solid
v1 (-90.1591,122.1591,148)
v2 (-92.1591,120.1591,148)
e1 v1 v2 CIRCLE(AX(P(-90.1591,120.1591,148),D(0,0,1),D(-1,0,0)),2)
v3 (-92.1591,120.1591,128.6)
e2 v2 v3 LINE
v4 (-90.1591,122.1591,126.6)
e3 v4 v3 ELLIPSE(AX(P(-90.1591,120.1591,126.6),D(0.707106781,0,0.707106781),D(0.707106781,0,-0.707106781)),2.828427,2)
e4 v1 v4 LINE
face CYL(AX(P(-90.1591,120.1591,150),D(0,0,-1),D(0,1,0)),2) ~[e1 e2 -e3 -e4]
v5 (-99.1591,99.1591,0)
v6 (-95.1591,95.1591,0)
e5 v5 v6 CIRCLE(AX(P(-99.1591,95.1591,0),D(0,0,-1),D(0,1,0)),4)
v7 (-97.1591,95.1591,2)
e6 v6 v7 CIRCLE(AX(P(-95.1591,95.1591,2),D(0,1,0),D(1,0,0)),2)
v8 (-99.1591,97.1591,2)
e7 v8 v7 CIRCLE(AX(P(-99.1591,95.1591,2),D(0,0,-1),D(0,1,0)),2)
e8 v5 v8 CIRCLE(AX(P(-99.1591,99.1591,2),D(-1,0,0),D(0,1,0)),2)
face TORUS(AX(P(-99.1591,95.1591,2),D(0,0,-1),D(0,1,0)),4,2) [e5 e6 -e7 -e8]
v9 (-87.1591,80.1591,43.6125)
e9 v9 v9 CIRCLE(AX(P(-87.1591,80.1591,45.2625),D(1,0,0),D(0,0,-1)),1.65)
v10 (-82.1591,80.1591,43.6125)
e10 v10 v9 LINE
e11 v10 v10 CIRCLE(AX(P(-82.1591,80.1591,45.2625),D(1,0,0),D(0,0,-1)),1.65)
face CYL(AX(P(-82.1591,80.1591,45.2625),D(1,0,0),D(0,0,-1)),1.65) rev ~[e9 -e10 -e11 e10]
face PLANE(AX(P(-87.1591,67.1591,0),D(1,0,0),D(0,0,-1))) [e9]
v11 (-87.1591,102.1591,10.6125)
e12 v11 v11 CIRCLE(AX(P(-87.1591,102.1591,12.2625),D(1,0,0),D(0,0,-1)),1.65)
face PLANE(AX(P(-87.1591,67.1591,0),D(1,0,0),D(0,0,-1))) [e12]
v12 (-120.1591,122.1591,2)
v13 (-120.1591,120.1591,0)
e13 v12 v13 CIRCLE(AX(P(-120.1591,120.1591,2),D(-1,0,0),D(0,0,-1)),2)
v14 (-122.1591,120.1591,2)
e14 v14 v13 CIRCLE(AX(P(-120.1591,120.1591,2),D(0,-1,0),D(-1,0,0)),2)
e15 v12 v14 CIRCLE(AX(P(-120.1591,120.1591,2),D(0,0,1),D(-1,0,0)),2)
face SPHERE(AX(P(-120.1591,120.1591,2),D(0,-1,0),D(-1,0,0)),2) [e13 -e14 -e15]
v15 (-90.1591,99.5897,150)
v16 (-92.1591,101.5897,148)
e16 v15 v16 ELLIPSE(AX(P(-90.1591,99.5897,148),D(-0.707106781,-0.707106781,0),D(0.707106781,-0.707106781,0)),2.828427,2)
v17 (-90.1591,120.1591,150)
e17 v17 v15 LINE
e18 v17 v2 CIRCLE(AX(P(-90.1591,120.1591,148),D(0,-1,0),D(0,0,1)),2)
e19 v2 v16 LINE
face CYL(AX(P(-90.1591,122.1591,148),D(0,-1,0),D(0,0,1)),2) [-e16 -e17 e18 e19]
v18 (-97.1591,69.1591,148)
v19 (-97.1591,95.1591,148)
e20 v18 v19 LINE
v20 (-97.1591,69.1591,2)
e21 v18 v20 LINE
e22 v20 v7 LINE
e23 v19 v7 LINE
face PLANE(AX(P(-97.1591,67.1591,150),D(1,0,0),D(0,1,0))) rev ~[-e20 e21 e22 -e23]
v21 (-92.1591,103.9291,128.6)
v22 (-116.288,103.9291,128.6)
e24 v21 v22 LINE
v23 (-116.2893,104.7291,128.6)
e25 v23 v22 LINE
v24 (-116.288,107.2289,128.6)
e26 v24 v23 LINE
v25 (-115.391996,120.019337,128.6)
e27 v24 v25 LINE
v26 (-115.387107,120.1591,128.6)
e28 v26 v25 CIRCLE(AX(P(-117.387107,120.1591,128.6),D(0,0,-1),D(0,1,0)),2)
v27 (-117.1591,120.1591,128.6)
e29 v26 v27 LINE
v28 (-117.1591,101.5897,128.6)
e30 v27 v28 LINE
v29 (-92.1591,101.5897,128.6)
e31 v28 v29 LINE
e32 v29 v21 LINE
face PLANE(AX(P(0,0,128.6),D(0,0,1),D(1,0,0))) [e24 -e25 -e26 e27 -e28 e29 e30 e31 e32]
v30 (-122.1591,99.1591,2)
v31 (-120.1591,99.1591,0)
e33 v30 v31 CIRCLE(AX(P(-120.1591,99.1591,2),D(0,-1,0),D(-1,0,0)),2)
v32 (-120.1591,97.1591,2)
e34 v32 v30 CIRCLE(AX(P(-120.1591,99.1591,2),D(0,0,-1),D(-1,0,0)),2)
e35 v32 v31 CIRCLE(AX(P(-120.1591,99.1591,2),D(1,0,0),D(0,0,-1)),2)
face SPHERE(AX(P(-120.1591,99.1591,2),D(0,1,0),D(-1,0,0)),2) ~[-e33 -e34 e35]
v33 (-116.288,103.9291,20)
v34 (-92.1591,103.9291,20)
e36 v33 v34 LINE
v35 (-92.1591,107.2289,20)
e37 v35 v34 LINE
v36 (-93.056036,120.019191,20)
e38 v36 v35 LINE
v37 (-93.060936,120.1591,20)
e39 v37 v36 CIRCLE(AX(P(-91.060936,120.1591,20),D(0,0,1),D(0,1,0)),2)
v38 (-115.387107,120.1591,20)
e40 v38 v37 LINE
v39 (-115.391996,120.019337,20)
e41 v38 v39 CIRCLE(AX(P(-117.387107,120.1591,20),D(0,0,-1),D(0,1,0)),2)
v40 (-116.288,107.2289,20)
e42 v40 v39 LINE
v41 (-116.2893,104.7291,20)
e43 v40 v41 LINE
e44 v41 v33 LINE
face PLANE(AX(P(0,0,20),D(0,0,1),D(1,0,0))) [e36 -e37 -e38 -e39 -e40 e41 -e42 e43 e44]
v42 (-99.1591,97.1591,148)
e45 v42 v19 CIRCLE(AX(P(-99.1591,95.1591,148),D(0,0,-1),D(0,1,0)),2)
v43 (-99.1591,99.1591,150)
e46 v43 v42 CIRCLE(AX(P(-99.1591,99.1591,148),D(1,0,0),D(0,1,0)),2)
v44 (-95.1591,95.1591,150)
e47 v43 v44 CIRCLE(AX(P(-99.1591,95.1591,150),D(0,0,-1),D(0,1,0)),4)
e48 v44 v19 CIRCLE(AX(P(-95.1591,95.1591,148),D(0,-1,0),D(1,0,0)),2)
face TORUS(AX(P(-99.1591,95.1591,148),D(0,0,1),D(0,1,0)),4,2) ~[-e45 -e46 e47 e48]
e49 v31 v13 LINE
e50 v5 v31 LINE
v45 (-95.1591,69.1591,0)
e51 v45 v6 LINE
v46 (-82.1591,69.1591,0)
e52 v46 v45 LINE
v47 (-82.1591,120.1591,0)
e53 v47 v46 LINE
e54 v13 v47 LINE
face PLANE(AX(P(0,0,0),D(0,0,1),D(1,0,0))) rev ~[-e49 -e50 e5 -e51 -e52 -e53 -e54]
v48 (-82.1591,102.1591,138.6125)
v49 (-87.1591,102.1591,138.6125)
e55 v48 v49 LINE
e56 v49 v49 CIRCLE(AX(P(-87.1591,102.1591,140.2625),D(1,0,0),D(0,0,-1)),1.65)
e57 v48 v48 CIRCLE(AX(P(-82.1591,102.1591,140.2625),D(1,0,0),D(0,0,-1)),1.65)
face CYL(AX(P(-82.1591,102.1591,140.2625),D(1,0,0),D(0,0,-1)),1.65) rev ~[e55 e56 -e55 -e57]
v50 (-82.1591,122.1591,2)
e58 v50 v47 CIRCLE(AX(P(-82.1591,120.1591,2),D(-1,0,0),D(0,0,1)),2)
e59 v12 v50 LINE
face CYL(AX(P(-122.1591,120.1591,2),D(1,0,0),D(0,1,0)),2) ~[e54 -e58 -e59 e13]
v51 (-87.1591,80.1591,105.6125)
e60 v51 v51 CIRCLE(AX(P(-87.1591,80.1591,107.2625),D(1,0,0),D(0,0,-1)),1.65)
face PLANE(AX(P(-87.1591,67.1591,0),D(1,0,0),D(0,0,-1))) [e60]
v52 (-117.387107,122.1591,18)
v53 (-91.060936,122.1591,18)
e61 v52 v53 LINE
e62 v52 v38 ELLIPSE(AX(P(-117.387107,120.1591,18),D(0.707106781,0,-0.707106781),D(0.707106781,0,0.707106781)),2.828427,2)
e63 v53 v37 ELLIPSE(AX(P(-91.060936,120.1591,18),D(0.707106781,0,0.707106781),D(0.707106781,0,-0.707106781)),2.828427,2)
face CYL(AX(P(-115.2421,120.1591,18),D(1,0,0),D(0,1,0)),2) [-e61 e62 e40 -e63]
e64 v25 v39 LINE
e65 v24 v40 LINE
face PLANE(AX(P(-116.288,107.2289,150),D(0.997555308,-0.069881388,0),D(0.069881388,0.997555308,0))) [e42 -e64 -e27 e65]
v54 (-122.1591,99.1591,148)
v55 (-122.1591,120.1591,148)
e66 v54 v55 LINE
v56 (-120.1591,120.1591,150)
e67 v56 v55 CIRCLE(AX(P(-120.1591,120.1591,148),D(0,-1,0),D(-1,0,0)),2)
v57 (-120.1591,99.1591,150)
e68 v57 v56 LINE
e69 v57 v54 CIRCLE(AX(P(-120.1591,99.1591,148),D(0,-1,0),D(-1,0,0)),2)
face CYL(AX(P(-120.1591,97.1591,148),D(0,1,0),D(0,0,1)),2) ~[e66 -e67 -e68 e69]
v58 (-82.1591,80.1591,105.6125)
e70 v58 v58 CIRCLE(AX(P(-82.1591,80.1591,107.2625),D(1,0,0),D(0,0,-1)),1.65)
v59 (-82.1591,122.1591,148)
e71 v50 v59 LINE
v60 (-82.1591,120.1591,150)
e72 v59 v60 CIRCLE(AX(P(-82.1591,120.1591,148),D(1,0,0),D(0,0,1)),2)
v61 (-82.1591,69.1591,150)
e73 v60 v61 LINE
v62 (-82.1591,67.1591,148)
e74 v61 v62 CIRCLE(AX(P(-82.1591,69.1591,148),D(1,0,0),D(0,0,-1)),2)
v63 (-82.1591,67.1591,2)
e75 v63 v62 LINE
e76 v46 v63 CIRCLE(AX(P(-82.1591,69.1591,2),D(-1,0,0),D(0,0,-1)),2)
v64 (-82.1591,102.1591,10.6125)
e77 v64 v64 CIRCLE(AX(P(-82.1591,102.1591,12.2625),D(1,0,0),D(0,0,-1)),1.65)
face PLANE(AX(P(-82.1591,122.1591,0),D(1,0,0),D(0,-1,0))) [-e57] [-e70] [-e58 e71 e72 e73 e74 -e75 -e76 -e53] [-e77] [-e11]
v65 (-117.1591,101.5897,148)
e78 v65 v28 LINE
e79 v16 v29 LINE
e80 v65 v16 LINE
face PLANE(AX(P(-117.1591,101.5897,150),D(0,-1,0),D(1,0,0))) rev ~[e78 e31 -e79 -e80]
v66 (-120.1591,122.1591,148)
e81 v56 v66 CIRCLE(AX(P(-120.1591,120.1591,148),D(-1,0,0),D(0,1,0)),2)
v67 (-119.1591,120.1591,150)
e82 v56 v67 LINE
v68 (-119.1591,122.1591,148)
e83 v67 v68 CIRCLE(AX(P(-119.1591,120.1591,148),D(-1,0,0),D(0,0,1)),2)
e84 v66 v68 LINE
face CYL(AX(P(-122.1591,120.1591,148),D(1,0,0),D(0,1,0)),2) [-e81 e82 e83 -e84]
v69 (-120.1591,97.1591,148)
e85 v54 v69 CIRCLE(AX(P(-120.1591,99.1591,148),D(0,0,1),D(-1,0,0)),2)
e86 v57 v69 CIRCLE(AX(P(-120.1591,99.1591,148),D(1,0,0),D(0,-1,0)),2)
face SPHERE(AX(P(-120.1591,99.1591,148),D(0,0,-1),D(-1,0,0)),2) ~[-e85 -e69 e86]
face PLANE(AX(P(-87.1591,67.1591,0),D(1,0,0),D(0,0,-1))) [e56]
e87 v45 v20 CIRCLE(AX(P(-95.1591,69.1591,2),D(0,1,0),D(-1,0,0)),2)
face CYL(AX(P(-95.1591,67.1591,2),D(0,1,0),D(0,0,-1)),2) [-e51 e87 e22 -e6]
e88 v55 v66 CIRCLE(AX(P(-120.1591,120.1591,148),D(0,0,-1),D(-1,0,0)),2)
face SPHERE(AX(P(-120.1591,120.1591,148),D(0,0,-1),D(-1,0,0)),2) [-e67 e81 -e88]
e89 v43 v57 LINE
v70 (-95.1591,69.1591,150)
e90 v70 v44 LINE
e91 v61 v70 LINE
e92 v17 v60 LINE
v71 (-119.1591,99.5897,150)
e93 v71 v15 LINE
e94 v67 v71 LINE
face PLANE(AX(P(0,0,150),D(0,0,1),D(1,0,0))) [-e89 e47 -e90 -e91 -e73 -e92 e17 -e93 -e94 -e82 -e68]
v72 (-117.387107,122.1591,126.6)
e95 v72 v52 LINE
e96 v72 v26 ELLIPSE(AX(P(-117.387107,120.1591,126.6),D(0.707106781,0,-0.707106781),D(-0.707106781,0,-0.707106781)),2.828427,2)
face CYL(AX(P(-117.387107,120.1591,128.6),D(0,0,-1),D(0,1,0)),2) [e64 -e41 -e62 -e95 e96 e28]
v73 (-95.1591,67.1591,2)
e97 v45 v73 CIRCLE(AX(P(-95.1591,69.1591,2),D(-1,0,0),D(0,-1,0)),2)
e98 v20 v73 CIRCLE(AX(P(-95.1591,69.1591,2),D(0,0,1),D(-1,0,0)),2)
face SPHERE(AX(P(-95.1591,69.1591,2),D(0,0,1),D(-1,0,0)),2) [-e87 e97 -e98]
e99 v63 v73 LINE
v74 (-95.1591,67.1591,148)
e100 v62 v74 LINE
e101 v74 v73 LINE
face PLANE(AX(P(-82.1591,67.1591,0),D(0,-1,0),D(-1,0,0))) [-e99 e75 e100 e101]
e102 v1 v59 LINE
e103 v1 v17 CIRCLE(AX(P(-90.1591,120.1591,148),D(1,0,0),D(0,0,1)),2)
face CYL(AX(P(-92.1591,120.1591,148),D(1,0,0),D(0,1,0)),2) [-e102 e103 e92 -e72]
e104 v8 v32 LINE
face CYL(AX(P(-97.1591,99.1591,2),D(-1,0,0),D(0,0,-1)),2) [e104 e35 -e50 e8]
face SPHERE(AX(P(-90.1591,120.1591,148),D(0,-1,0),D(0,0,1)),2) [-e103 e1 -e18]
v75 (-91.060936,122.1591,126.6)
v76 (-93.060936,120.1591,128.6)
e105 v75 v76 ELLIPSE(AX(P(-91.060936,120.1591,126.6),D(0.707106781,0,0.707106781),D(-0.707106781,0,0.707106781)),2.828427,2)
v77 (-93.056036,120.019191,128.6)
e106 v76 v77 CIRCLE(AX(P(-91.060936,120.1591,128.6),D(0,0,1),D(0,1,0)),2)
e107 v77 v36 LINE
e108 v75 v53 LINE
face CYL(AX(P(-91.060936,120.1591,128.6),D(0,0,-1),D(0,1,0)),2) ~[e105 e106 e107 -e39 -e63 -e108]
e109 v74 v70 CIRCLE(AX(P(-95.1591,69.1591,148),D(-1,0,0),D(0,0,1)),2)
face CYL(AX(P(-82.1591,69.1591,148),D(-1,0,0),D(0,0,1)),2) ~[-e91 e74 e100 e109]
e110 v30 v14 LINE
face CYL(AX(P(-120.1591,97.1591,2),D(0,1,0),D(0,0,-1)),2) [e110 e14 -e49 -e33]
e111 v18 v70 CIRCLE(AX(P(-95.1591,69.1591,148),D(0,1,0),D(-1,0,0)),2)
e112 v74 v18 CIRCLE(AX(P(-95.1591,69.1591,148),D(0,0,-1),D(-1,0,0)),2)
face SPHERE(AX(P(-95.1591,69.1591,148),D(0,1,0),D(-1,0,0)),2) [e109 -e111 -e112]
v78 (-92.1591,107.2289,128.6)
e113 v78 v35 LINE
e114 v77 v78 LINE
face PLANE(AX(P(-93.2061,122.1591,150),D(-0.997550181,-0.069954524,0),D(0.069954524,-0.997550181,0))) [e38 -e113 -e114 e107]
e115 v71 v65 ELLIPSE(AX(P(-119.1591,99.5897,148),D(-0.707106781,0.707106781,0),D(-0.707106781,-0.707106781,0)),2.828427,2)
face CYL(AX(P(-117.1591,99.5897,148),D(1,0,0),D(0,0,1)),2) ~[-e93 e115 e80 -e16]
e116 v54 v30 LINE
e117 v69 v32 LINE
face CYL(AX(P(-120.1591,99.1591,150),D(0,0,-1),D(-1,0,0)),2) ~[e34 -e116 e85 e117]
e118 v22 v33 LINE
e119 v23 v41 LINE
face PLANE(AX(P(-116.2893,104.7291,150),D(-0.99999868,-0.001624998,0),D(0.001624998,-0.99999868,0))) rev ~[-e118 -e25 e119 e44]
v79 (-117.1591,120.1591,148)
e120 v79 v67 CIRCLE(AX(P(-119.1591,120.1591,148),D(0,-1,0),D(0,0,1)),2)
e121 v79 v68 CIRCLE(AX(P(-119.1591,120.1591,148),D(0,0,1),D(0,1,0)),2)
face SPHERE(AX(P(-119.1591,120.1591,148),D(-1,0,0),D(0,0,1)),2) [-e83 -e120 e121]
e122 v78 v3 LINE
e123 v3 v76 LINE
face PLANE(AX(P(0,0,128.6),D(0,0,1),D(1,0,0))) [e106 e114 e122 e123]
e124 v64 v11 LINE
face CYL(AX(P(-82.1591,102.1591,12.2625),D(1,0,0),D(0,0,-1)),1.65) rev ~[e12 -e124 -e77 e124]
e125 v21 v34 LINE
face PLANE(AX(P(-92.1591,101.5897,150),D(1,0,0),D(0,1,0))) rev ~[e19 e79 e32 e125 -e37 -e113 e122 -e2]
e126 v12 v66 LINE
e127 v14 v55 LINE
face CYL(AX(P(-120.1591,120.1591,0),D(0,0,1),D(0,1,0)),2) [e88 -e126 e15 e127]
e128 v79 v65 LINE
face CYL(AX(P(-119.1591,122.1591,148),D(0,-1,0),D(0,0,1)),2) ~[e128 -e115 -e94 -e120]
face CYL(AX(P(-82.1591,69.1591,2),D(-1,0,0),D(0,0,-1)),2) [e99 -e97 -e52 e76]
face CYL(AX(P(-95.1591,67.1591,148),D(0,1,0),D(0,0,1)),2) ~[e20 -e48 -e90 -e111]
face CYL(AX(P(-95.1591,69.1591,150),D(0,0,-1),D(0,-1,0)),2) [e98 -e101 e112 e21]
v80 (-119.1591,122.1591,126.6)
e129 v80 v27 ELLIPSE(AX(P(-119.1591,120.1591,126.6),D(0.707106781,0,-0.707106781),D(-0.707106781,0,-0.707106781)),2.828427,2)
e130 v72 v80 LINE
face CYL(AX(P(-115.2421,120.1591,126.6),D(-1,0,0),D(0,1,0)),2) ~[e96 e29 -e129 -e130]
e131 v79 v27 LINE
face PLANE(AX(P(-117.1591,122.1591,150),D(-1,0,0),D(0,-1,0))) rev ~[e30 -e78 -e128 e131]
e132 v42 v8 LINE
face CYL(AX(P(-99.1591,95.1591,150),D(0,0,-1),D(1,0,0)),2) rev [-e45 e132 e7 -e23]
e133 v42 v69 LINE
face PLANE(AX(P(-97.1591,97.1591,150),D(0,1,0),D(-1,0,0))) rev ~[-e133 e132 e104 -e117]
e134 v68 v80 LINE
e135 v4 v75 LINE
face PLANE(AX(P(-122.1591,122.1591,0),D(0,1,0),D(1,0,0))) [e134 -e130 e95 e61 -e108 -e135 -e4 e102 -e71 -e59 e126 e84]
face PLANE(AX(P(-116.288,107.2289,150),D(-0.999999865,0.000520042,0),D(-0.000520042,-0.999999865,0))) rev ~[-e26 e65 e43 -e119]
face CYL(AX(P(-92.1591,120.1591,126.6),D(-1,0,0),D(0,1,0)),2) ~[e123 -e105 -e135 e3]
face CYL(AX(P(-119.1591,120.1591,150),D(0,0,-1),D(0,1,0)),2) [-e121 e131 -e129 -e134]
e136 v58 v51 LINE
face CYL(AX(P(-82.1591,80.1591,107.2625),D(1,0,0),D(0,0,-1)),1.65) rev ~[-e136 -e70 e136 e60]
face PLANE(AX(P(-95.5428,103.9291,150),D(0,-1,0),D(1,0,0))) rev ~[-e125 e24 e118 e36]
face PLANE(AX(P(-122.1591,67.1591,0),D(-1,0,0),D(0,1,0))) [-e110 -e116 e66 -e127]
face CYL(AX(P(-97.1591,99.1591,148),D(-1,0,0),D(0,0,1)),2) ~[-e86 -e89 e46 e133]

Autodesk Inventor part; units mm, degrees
ref_plane "YZ Plane" through (0, 0, 0) normal (1, 0, 0) x (0, 1, 0)
ref_plane "XZ Plane" through (0, 0, 0) normal (0, 1, 0) x (-1, 0, 0)
ref_plane "XY Plane" through (0, 0, 0) normal (0, 0, 1) x (1, 0, 0)
sketch "スケッチ1" plane through (0, 0, 0) normal (0, 0, 1) x (1, 0, 0)
  line L0 (-122.1591, 122.1591) -> (-82.1591, 122.1591)
  line L1 (-82.1591, 122.1591) -> (-82.1591, 67.1591)
  line L2 (-82.1591, 67.1591) -> (-122.1591, 67.1591)
  line L3 (-122.1591, 67.1591) -> (-122.1591, 122.1591)
  point P0 (0, 0)
  dimension "d0" = 40
  dimension "d1" = 55
extrude "押し出し1" add sketch "スケッチ1" along normal blind 150
sketch "スケッチ4" plane through (0, 0, 150) normal (0, 0, 1) x (1, 0, 0)
  line L0 (-82.1591, 122.1591) -> (-122.1591, 122.1591) projected
  line L1 (-117.1591, 101.5897) -> (-92.1591, 101.5897)
  line L2 (-92.1591, 101.5897) -> (-92.1591, 122.1591)
  line L3 (-92.1591, 122.1591) -> (-117.1591, 122.1591)
  line L4 (-117.1591, 122.1591) -> (-117.1591, 101.5897)
  line L5 (-82.1591, 67.1591) -> (-82.1591, 122.1591) projected
  point P0 (0, 0)
  dimension "d4" = 10
  dimension "d5" = 25
extrude "押し出し2" cut sketch "スケッチ4" against normal blind 21.4
sketch "スケッチ5" plane through (0, 0, 150) normal (0, 0, 1) x (1, 0, 0)
  line L0 (-116.288, 107.2289) -> (-115.2421, 122.1591) projected
  line L1 (-93.2061, 122.1591) -> (-92.1591, 107.2289) projected
  line L2 (-95.5428, 103.9291) -> (-112.9179, 103.9291) projected
  line L3 (-115.2421, 122.1591) -> (-93.2061, 122.1591) projected
  line L4 (-112.2468, 103.9291) -> (-108.7036, 103.9291) projected
  line L5 (-95.5428, 103.9291) -> (-112.9179, 103.9291) projected
  line L6 (-92.1591, 104.7291) -> (-92.1591, 104.7291)
  line L7 (-116.2893, 104.7291) -> (-116.288, 103.9291)
  line L8 (-116.288, 103.9291) -> (-114.2025, 103.9291)
  line L9 (-92.1591, 104.7291) -> (-92.1591, 103.9291)
  line L10 (-95.5428, 103.9291) -> (-92.1591, 103.9291)
  line L11 (-114.2025, 103.9291) -> (-112.9179, 103.9291)
  line L12 (-116.2893, 104.7291) -> (-116.288, 103.9291)
  line L13 (-116.288, 103.9291) -> (-112.9179, 103.9291)
  line L14 (-92.1591, 104.7291) -> (-92.1591, 103.9291)
  line L15 (-95.5428, 103.9291) -> (-92.1591, 103.9291)
  line L16 (-92.1591, 103.9291) -> (-92.1591, 107.2289)
  line L17 (-92.1591, 103.9291) -> (-95.5428, 103.9291)
  line L18 (-95.5428, 103.9291) -> (-116.288, 103.9291)
  line L19 (-116.288, 103.9291) -> (-116.288, 104.7291)
  line L20 (-116.288, 107.2289) -> (-116.288, 104.7291)
  point P0 (0, 0)
extrude "押し出し3" cut sketch "スケッチ5" against normal blind 130
sketch "スケッチ6" plane through (0, 0, 150) normal (0, 0, 1) x (1, 0, 0)
  line L0 (-122.1591, 67.1591) -> (-82.1591, 67.1591) projected
  line L1 (-122.1591, 67.1591) -> (-97.1591, 67.1591)
  line L2 (-97.1591, 67.1591) -> (-97.1591, 97.1591)
  line L3 (-97.1591, 97.1591) -> (-122.1591, 97.1591)
  line L4 (-122.1591, 97.1591) -> (-122.1591, 67.1591)
  line L5 (-82.1591, 67.1591) -> (-82.1591, 122.1591) projected
  point P0 (0, 0)
  dimension "d10" = 30
  dimension "d11" = 15
extrude "押し出し4" cut sketch "スケッチ6" against normal blind 170
sketch "スケッチ7" plane through (-82.1591, 67.1591, 0) normal (1, 0, 0) x (0, 0, -1)
  circle A0 centre (-140.2625, 35) radius 1.65
  circle A1 centre (-107.2625, 13) radius 1.65
  circle A2 centre (-45.2625, 13) radius 1.65
  circle A3 centre (-12.2625, 35) radius 1.65
  point P0 (0, -67.1591)
  dimension "d14" = 3.3
  dimension "d15" = 3.3
  dimension "d16" = 3.3
  dimension "d17" = 3.3
extrude "押し出し5" cut sketch "スケッチ7" against normal blind 5
fillet "フィレット1" radius 2 26 edges at (-122.1591, 109.6591, 0) (-122.1591, 97.1591, 75) (-122.1591, 122.1591, 75) (-102.1591, 122.1591, 0) (-122.1591, 109.6591, 150) (-119.6591, 122.1591, 150) (-117.1591, 111.8744, 150) (-92.1591, 102.7594, 150) (-92.1591, 114.694, 150) (-87.1591, 122.1591, 150) (-92.1591, 122.1591, 139.3) (-104.6591, 101.5897, 150) (-109.6591, 97.1591, 150) (-97.1591, 82.1591, 150) (-97.1591, 67.1591, 75) (-89.6591, 67.1591, 150) (-97.1591, 82.1591, 0) (-89.6591, 67.1591, 0) (-97.1591, 97.1591, 75) (-109.6591, 97.1591, 0) (-104.2241, 122.1591, 20) (-117.1591, 122.1591, 139.3) (-116.2006, 122.1591, 128.6) (-92.6826, 122.1591, 128.6) (-115.2421, 122.1591, 74.3) (-93.2061, 122.1591, 74.3)
properties part number "structure_core_cradle"
